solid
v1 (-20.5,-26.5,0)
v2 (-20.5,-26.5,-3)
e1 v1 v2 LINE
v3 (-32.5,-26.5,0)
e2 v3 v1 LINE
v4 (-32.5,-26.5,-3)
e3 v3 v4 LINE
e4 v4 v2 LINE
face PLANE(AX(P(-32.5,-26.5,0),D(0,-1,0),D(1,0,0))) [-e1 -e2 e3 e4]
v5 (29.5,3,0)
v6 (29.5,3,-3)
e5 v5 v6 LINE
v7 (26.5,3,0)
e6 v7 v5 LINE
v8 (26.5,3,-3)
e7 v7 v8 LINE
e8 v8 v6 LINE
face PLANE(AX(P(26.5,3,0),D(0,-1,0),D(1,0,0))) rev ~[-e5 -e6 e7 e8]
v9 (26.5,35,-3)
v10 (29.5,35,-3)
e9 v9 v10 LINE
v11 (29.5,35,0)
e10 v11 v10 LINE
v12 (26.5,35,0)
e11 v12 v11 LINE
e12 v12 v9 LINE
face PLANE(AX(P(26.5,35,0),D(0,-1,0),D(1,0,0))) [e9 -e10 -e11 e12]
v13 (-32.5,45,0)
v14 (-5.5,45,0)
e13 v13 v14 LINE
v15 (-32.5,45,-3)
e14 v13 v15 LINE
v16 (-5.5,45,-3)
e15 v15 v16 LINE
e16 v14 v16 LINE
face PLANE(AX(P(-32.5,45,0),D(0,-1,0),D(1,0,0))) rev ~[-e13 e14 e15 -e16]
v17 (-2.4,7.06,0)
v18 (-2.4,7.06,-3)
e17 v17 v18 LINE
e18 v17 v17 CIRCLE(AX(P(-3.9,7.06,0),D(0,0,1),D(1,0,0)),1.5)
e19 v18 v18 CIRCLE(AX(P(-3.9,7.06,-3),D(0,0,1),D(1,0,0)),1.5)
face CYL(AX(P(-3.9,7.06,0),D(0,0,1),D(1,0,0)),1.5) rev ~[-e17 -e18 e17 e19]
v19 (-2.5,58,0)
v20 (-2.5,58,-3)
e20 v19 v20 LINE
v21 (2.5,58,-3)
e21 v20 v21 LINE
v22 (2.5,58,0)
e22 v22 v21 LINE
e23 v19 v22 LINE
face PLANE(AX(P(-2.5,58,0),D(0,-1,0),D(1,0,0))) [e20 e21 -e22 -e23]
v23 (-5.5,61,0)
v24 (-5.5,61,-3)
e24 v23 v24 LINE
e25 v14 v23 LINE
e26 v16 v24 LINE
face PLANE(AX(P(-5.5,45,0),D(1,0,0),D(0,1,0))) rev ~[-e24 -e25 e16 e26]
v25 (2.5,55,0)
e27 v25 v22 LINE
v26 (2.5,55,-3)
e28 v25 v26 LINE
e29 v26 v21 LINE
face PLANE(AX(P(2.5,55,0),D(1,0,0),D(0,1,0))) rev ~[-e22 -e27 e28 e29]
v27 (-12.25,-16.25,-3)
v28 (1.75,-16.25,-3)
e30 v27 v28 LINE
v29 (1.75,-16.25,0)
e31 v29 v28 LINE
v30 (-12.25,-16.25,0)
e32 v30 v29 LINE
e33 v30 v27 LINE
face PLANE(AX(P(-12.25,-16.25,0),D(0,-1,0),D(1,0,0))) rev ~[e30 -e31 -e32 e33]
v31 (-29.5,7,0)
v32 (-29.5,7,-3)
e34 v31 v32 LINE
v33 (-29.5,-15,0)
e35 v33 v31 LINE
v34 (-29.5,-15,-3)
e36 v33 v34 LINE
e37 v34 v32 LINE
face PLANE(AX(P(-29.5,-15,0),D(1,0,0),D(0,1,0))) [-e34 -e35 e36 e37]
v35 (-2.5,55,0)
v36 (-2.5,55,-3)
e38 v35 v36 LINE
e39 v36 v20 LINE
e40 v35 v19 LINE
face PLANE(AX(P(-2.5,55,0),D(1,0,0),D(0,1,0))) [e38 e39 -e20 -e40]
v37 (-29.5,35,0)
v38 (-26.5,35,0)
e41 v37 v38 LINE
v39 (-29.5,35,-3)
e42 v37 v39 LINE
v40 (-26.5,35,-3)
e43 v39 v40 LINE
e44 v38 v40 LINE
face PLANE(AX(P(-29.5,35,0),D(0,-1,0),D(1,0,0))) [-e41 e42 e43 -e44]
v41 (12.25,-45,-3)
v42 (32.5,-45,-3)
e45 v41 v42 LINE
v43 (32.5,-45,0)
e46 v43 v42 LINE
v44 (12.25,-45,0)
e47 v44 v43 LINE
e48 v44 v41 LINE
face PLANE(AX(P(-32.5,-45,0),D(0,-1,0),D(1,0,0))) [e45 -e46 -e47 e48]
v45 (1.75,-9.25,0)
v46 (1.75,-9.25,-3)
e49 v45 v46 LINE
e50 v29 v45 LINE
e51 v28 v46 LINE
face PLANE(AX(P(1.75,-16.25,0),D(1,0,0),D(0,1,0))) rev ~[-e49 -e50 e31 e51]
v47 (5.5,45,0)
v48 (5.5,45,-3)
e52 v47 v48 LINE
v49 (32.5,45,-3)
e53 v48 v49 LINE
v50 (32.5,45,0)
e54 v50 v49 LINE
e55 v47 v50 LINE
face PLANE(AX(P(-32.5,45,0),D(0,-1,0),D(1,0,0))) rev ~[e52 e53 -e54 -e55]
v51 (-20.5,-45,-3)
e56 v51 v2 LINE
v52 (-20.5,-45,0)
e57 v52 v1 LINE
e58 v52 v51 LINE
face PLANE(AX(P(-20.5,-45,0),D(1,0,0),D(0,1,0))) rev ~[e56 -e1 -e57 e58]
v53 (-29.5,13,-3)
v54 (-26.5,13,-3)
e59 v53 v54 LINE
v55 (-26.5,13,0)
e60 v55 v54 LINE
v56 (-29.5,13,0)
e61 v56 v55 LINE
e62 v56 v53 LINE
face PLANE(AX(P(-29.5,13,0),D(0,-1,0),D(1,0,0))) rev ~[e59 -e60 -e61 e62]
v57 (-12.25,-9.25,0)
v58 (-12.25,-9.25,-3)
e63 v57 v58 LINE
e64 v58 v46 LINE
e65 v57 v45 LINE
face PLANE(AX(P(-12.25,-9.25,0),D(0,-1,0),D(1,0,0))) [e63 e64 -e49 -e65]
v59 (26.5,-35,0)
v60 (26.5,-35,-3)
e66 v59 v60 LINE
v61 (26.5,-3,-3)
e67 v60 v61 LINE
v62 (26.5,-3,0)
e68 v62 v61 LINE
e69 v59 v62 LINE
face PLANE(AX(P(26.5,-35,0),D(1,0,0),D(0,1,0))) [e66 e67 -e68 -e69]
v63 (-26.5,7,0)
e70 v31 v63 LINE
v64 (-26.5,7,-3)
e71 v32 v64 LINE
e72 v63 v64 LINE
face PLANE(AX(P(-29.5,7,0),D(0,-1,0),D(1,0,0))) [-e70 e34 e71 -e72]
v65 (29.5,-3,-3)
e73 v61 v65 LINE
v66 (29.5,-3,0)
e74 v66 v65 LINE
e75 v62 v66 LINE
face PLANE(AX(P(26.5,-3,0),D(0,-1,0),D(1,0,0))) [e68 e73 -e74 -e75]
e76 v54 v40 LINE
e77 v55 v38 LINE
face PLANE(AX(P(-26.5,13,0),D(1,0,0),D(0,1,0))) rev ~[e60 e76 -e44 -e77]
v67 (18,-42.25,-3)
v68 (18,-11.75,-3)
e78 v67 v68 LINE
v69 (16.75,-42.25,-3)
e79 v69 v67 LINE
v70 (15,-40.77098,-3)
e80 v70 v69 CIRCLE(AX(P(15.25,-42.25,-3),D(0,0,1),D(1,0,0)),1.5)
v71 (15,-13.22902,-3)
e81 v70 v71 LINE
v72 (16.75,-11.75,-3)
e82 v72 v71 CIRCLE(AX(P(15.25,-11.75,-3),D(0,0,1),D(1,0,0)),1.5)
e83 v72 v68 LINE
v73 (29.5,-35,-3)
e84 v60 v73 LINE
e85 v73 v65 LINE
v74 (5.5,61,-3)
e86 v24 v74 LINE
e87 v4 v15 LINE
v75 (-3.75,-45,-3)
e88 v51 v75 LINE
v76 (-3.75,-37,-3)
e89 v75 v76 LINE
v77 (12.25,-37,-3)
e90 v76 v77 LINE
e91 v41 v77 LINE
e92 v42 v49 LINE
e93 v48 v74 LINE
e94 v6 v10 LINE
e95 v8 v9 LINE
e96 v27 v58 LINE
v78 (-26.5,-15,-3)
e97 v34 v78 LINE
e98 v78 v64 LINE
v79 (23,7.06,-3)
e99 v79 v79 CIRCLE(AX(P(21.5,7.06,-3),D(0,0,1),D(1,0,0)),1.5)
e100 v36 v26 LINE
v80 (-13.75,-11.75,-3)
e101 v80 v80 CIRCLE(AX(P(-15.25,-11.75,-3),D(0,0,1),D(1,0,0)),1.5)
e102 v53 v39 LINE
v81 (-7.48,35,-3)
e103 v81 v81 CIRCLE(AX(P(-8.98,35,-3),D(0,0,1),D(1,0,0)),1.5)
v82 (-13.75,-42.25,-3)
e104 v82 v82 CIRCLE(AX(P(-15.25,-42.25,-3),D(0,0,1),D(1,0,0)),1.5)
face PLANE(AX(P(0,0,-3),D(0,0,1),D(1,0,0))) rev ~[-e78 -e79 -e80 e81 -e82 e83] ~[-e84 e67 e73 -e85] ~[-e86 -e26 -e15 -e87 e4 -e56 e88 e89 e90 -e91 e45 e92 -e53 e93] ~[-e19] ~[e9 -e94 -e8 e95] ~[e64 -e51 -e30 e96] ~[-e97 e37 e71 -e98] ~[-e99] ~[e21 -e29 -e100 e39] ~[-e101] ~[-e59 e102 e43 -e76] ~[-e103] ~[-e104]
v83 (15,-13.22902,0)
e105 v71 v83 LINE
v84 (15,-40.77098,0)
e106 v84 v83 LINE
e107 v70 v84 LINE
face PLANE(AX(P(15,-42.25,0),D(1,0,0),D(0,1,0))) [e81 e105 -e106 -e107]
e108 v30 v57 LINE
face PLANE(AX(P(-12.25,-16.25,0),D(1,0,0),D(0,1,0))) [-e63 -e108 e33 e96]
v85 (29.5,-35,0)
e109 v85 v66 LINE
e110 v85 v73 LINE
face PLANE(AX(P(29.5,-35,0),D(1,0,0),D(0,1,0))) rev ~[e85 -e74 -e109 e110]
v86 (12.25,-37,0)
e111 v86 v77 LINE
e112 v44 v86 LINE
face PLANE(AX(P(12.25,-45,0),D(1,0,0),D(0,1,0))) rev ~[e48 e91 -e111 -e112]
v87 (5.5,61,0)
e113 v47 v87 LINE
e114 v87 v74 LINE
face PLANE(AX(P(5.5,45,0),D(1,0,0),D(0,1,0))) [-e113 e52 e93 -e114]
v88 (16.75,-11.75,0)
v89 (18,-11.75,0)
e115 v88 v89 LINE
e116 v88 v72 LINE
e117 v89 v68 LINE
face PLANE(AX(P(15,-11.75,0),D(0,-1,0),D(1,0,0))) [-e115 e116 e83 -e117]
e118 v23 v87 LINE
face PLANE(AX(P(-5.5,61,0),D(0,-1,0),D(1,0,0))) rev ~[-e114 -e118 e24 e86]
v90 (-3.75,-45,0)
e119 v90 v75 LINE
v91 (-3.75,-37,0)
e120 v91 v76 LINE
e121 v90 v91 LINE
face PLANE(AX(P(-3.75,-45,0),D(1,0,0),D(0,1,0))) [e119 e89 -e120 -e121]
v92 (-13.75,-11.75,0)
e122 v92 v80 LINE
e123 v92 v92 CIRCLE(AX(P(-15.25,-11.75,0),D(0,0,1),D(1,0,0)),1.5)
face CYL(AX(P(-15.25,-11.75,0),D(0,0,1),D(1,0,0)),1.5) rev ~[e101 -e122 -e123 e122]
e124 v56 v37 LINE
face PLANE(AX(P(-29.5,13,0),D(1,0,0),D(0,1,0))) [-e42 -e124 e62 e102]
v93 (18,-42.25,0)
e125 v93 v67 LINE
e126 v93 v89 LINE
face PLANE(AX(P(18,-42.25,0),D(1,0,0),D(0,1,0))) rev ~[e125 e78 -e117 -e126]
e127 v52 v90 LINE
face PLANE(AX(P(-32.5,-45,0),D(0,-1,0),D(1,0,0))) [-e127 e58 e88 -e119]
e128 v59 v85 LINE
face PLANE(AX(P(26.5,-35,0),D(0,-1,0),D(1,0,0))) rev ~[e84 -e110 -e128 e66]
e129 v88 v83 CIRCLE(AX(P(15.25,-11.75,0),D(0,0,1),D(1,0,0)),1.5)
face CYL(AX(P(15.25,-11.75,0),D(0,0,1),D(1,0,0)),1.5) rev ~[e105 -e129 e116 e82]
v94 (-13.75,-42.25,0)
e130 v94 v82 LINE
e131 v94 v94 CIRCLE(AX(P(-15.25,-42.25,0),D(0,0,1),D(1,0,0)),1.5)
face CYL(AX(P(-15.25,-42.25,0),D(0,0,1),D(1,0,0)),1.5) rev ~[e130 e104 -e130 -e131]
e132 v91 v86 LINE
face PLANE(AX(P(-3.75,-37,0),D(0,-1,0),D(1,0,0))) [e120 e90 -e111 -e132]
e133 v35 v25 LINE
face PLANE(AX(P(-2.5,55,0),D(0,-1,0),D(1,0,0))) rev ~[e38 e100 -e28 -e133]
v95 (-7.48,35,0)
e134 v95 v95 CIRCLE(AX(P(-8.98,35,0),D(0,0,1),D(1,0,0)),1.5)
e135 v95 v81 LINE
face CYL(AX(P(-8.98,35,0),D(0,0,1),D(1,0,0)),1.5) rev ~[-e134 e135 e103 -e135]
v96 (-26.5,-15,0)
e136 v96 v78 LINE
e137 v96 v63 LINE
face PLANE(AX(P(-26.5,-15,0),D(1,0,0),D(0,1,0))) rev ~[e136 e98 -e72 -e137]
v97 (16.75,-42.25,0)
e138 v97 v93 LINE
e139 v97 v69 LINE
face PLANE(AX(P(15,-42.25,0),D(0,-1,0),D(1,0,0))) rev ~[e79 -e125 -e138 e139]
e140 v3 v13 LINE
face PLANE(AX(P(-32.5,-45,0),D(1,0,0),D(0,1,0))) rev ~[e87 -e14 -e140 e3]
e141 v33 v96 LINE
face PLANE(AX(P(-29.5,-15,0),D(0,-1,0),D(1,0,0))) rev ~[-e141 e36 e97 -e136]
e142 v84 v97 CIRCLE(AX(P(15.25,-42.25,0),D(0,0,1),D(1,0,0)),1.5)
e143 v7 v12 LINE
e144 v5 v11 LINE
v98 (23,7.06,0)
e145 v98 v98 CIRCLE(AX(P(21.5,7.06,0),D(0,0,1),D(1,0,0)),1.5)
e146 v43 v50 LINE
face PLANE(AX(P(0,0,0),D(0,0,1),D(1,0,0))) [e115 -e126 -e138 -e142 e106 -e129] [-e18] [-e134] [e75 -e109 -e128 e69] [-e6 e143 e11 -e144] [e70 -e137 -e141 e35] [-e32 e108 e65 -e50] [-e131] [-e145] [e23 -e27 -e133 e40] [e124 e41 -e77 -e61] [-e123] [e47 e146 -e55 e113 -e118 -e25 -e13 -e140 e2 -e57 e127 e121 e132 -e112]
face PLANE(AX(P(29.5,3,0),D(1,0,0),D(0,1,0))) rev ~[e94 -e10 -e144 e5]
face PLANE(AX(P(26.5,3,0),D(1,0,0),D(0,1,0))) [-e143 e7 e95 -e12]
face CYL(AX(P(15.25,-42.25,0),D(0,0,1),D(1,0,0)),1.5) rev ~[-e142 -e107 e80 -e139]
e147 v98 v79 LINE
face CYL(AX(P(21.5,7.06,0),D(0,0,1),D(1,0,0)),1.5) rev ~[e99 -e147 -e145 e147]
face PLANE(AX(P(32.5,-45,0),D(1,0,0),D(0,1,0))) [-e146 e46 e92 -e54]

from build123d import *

# Parameters (mm, degrees)
SKETCH1_W           = 65
SKETCH1_H           = 90
BOSS_EXTRUDE1_DEPTH = 3
SKETCH3_R           = 1.5
CUT_EXTRUDE2_DEPTH  = 3
SKETCH4_R           = 1.5
CUT_EXTRUDE3_DEPTH  = 4
SKETCH5_W           = 3
SKETCH5_H           = 32
CUT_EXTRUDE4_DEPTH  = 4
SKETCH6_W           = 3
SKETCH6_H           = 22
CUT_EXTRUDE5_DEPTH  = 4
SKETCH7_W           = 3
SKETCH7_H           = 30.5
SKETCH7_W_2         = 14
SKETCH7_H_2         = 7
SKETCH7_W_3         = 16
SKETCH7_H_3         = 8
CUT_EXTRUDE6_DEPTH  = 4
SKETCH8_W           = 12
SKETCH8_H           = 18.5
CUT_EXTRUDE7_DEPTH  = 4
SKETCH10_W          = 11
SKETCH10_H          = 16
SKETCH10_W_2        = 5
SKETCH10_H_2        = 3
BOSS_EXTRUDE3_DEPTH = 3


with BuildPart() as part:
    # Sketch1 → Boss-Extrude1 (new body)
    with BuildSketch(Plane.XY):
        Rectangle(SKETCH1_W, SKETCH1_H)
    extrude(amount=-BOSS_EXTRUDE1_DEPTH)

    # Sketch3 → Cut-Extrude2 (cut)
    with BuildSketch(Plane.XY):
        with Locations((-8.98, 35)):
            Circle(SKETCH3_R)
        with Locations((-3.9, 7.06)):
            Circle(SKETCH3_R)
        with Locations((21.5, 7.06)):
            Circle(SKETCH3_R)
    extrude(amount=-CUT_EXTRUDE2_DEPTH, mode=Mode.SUBTRACT)

    # Sketch4 → Cut-Extrude3 (cut, through all)
    with BuildSketch(Plane.XY):
        with Locations((-15.25, -42.25)):
            Circle(SKETCH4_R)
        with Locations((-15.25, -11.75)):
            Circle(SKETCH4_R)
        with Locations((15.25, -42.25)):
            Circle(SKETCH4_R)
        with Locations((15.25, -11.75)):
            Circle(SKETCH4_R)
    extrude(amount=-CUT_EXTRUDE3_DEPTH, mode=Mode.SUBTRACT)

    # Sketch5 → Cut-Extrude4 (cut, through all)
    with BuildSketch(Plane.XY):
        with Locations((28, -19)):
            Rectangle(SKETCH5_W, SKETCH5_H)
        with Locations((28, 19)):
            Rectangle(SKETCH5_W, SKETCH5_H)
    extrude(amount=-CUT_EXTRUDE4_DEPTH, mode=Mode.SUBTRACT)

    # Sketch6 → Cut-Extrude5 (cut, through all)
    with BuildSketch(Plane.XY):
        with Locations((-28, -4)):
            Rectangle(SKETCH6_W, SKETCH6_H)
        with Locations((-28, 24)):
            Rectangle(SKETCH6_W, SKETCH6_H)
    extrude(amount=-CUT_EXTRUDE5_DEPTH, mode=Mode.SUBTRACT)

    # Sketch7 → Cut-Extrude6 (cut, through all)
    with BuildSketch(Plane.XY):
        with Locations((16.5, -27)):
            Rectangle(SKETCH7_W, SKETCH7_H)
        with Locations((-5.25, -12.75)):
            Rectangle(SKETCH7_W_2, SKETCH7_H_2)
        with Locations((4.25, -41)):
            Rectangle(SKETCH7_W_3, SKETCH7_H_3)
    extrude(amount=-CUT_EXTRUDE6_DEPTH, mode=Mode.SUBTRACT)

    # Sketch8 → Cut-Extrude7 (cut, through all)
    with BuildSketch(Plane.XY):
        with Locations((-26.5, -35.75)):
            Rectangle(SKETCH8_W, SKETCH8_H)
    extrude(amount=-CUT_EXTRUDE7_DEPTH, mode=Mode.SUBTRACT)

    # Sketch10 → Boss-Extrude3 (add)
    with BuildSketch(Plane.XY):
        with Locations((0, 53)):
            Rectangle(SKETCH10_W, SKETCH10_H)
        with Locations((0, 56.5)):
            Rectangle(SKETCH10_W_2, SKETCH10_H_2, mode=Mode.SUBTRACT)
    extrude(amount=-BOSS_EXTRUDE3_DEPTH)


solid = part.part
